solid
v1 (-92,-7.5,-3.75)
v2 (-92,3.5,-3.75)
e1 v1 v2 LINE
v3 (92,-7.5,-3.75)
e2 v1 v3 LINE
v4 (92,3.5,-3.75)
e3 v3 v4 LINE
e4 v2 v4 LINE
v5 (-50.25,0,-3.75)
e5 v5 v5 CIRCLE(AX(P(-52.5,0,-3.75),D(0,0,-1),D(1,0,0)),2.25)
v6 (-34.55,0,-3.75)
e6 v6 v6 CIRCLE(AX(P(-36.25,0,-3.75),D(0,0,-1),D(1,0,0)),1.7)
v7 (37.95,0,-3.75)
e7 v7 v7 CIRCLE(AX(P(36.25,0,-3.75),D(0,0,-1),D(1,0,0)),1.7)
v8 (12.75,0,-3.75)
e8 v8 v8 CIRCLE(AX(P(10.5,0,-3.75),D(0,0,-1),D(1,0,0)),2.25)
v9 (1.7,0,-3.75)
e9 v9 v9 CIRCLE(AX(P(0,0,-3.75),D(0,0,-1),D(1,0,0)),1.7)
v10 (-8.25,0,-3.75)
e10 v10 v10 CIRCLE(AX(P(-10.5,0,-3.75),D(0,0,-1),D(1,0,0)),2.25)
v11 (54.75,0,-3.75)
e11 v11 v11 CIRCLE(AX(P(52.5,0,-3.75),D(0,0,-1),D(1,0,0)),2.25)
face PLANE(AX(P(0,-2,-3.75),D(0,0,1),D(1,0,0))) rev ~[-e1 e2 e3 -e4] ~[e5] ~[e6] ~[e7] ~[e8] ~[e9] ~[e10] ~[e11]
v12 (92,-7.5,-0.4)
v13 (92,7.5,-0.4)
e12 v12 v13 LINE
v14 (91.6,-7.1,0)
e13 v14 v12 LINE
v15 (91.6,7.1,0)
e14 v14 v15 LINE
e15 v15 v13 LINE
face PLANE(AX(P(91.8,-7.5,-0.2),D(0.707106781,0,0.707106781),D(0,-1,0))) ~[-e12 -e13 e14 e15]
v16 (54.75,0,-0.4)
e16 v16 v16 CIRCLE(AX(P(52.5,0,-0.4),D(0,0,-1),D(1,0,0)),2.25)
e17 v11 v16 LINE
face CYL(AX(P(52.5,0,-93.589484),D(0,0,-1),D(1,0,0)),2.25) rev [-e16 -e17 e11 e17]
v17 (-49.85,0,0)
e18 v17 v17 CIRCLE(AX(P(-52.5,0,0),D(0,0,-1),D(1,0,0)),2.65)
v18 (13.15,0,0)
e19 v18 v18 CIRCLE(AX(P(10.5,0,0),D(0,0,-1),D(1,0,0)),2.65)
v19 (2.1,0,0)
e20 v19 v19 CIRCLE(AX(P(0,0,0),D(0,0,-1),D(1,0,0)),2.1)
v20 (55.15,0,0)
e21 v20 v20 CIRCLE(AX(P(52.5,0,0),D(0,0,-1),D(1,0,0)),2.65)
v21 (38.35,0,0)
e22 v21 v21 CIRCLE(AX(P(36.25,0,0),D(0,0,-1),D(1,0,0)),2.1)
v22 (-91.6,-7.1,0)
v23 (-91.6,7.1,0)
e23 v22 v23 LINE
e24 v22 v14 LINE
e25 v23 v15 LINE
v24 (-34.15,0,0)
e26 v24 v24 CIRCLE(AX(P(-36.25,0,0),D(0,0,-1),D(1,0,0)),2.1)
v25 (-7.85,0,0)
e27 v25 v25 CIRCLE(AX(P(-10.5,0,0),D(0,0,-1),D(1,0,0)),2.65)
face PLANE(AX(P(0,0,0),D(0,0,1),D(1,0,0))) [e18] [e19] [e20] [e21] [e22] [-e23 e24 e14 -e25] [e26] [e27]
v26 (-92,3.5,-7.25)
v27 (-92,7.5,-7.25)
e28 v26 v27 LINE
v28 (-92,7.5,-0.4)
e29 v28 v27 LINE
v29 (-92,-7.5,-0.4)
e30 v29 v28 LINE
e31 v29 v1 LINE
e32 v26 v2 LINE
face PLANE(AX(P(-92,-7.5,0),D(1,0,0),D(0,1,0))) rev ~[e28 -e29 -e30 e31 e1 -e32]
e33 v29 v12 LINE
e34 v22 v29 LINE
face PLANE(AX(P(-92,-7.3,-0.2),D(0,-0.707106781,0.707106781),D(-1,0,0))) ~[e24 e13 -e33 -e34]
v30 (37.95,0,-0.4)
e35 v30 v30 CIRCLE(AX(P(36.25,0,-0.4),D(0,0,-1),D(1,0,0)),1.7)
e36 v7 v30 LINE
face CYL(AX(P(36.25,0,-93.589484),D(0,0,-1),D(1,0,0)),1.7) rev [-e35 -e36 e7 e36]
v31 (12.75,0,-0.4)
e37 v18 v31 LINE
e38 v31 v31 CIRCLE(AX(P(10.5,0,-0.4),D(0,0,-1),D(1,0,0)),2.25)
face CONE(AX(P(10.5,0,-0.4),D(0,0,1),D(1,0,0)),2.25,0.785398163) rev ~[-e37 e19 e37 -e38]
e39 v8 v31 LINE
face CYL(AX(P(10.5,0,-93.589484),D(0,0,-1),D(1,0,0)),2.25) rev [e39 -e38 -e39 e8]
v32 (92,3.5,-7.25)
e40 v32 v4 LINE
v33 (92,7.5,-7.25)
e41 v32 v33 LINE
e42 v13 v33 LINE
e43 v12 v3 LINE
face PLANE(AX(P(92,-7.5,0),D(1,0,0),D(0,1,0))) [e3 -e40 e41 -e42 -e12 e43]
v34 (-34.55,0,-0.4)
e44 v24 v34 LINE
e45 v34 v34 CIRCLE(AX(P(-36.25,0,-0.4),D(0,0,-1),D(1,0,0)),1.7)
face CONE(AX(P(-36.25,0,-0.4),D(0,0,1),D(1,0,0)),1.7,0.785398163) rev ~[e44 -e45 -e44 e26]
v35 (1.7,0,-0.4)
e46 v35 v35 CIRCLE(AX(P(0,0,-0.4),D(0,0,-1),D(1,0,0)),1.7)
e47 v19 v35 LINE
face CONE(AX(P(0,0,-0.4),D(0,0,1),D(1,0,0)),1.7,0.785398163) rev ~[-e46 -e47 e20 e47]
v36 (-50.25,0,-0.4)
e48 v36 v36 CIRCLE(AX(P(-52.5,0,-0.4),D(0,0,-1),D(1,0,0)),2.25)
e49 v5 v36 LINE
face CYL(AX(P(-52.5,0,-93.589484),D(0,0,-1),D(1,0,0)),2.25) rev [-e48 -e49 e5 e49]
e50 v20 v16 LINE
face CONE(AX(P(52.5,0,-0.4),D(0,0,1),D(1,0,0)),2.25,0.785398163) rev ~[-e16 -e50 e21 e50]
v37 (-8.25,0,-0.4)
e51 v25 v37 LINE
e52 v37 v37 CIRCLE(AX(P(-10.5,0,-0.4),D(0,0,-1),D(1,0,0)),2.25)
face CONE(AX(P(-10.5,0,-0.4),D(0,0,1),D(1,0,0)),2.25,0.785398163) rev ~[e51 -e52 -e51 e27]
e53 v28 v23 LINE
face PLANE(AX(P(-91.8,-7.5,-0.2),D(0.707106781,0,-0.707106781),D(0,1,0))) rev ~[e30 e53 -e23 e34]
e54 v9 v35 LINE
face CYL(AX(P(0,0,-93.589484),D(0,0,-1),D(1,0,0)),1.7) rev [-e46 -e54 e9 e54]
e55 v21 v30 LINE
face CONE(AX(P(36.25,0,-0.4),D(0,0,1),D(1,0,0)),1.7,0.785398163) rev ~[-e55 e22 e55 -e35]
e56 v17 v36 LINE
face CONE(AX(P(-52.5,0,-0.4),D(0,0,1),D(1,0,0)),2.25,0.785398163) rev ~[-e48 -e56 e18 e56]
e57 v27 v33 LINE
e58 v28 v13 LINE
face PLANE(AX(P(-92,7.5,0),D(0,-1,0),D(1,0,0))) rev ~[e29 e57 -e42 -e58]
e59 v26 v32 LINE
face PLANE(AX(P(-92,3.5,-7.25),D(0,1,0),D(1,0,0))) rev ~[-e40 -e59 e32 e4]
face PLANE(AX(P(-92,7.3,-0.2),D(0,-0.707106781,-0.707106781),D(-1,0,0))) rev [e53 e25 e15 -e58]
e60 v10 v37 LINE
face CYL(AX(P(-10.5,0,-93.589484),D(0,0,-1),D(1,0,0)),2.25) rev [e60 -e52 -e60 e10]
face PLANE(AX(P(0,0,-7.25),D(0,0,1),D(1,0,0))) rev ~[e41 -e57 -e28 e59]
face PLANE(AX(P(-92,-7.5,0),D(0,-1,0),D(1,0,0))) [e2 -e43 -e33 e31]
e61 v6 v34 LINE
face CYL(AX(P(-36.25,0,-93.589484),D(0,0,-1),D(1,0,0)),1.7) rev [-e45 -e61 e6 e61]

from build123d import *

# Parameters (mm, degrees)
SKETCH1_W               = 184
SKETCH1_H               = 15
BOSS_EXTRUDE1_DEPTH     = 7.25
CUT_EXTRUDE1_START      = -7.25
SKETCH1_6_W             = 184
SKETCH1_6_H             = 11
CUT_EXTRUDE1_DEPTH      = 3.5
CUT_EXTRUDE2_DEPTH      = 93.589483744
CUT_EXTRUDE2_DEPTH_BACK = 93.589483744
SKETCH2_R               = 2.25
SKETCH2_R_2             = 1.7
CHAMFER1_SIZE           = 0.4


with BuildPart() as part:
    # Sketch1 → Boss-Extrude1 (new body)
    with BuildSketch(Plane.XY):
        Rectangle(SKETCH1_W, SKETCH1_H)
    extrude(amount=-BOSS_EXTRUDE1_DEPTH)

    # Sketch1<6> → Cut-Extrude1 (cut)
    with BuildSketch(Plane.XY.offset(CUT_EXTRUDE1_START)):
        with Locations((0, -2)):
            Rectangle(SKETCH1_6_W, SKETCH1_6_H)
    extrude(amount=CUT_EXTRUDE1_DEPTH, mode=Mode.SUBTRACT)

    # Sketch2 → Cut-Extrude2 (cut, two sides: drawn at the far end of the back side and taken through both)
    with BuildSketch(Plane.XY.offset(-CUT_EXTRUDE2_DEPTH_BACK)):
        with Locations((-52.5, 0)):
            Circle(SKETCH2_R)
        with Locations((-36.25, 0)):
            Circle(SKETCH2_R_2)
        with Locations((-10.5, 0)):
            Circle(SKETCH2_R)
        Circle(SKETCH2_R_2)
        with Locations((10.5, 0)):
            Circle(SKETCH2_R)
        with Locations((36.25, 0)):
            Circle(SKETCH2_R_2)
        with Locations((52.5, 0)):
            Circle(SKETCH2_R)
    extrude(amount=CUT_EXTRUDE2_DEPTH + CUT_EXTRUDE2_DEPTH_BACK, mode=Mode.SUBTRACT)

    # Chamfer1
    chamfer1_edges = [part.edges().sort_by_distance(p)[0] for p in [
        (-54.75, 0, 0),
        (-37.95, 0, 0),
        (-12.75, 0, 0),
        (-1.7, 0, 0),
        (8.25, 0, 0),
        (34.55, 0, 0),
        (50.25, 0, 0),
        (0, -7.5, 0),
        (-92, 0, 0),
        (0, 7.5, 0),
        (92, 0, 0),
    ]]
    chamfer(chamfer1_edges, length=CHAMFER1_SIZE)


solid = part.part
